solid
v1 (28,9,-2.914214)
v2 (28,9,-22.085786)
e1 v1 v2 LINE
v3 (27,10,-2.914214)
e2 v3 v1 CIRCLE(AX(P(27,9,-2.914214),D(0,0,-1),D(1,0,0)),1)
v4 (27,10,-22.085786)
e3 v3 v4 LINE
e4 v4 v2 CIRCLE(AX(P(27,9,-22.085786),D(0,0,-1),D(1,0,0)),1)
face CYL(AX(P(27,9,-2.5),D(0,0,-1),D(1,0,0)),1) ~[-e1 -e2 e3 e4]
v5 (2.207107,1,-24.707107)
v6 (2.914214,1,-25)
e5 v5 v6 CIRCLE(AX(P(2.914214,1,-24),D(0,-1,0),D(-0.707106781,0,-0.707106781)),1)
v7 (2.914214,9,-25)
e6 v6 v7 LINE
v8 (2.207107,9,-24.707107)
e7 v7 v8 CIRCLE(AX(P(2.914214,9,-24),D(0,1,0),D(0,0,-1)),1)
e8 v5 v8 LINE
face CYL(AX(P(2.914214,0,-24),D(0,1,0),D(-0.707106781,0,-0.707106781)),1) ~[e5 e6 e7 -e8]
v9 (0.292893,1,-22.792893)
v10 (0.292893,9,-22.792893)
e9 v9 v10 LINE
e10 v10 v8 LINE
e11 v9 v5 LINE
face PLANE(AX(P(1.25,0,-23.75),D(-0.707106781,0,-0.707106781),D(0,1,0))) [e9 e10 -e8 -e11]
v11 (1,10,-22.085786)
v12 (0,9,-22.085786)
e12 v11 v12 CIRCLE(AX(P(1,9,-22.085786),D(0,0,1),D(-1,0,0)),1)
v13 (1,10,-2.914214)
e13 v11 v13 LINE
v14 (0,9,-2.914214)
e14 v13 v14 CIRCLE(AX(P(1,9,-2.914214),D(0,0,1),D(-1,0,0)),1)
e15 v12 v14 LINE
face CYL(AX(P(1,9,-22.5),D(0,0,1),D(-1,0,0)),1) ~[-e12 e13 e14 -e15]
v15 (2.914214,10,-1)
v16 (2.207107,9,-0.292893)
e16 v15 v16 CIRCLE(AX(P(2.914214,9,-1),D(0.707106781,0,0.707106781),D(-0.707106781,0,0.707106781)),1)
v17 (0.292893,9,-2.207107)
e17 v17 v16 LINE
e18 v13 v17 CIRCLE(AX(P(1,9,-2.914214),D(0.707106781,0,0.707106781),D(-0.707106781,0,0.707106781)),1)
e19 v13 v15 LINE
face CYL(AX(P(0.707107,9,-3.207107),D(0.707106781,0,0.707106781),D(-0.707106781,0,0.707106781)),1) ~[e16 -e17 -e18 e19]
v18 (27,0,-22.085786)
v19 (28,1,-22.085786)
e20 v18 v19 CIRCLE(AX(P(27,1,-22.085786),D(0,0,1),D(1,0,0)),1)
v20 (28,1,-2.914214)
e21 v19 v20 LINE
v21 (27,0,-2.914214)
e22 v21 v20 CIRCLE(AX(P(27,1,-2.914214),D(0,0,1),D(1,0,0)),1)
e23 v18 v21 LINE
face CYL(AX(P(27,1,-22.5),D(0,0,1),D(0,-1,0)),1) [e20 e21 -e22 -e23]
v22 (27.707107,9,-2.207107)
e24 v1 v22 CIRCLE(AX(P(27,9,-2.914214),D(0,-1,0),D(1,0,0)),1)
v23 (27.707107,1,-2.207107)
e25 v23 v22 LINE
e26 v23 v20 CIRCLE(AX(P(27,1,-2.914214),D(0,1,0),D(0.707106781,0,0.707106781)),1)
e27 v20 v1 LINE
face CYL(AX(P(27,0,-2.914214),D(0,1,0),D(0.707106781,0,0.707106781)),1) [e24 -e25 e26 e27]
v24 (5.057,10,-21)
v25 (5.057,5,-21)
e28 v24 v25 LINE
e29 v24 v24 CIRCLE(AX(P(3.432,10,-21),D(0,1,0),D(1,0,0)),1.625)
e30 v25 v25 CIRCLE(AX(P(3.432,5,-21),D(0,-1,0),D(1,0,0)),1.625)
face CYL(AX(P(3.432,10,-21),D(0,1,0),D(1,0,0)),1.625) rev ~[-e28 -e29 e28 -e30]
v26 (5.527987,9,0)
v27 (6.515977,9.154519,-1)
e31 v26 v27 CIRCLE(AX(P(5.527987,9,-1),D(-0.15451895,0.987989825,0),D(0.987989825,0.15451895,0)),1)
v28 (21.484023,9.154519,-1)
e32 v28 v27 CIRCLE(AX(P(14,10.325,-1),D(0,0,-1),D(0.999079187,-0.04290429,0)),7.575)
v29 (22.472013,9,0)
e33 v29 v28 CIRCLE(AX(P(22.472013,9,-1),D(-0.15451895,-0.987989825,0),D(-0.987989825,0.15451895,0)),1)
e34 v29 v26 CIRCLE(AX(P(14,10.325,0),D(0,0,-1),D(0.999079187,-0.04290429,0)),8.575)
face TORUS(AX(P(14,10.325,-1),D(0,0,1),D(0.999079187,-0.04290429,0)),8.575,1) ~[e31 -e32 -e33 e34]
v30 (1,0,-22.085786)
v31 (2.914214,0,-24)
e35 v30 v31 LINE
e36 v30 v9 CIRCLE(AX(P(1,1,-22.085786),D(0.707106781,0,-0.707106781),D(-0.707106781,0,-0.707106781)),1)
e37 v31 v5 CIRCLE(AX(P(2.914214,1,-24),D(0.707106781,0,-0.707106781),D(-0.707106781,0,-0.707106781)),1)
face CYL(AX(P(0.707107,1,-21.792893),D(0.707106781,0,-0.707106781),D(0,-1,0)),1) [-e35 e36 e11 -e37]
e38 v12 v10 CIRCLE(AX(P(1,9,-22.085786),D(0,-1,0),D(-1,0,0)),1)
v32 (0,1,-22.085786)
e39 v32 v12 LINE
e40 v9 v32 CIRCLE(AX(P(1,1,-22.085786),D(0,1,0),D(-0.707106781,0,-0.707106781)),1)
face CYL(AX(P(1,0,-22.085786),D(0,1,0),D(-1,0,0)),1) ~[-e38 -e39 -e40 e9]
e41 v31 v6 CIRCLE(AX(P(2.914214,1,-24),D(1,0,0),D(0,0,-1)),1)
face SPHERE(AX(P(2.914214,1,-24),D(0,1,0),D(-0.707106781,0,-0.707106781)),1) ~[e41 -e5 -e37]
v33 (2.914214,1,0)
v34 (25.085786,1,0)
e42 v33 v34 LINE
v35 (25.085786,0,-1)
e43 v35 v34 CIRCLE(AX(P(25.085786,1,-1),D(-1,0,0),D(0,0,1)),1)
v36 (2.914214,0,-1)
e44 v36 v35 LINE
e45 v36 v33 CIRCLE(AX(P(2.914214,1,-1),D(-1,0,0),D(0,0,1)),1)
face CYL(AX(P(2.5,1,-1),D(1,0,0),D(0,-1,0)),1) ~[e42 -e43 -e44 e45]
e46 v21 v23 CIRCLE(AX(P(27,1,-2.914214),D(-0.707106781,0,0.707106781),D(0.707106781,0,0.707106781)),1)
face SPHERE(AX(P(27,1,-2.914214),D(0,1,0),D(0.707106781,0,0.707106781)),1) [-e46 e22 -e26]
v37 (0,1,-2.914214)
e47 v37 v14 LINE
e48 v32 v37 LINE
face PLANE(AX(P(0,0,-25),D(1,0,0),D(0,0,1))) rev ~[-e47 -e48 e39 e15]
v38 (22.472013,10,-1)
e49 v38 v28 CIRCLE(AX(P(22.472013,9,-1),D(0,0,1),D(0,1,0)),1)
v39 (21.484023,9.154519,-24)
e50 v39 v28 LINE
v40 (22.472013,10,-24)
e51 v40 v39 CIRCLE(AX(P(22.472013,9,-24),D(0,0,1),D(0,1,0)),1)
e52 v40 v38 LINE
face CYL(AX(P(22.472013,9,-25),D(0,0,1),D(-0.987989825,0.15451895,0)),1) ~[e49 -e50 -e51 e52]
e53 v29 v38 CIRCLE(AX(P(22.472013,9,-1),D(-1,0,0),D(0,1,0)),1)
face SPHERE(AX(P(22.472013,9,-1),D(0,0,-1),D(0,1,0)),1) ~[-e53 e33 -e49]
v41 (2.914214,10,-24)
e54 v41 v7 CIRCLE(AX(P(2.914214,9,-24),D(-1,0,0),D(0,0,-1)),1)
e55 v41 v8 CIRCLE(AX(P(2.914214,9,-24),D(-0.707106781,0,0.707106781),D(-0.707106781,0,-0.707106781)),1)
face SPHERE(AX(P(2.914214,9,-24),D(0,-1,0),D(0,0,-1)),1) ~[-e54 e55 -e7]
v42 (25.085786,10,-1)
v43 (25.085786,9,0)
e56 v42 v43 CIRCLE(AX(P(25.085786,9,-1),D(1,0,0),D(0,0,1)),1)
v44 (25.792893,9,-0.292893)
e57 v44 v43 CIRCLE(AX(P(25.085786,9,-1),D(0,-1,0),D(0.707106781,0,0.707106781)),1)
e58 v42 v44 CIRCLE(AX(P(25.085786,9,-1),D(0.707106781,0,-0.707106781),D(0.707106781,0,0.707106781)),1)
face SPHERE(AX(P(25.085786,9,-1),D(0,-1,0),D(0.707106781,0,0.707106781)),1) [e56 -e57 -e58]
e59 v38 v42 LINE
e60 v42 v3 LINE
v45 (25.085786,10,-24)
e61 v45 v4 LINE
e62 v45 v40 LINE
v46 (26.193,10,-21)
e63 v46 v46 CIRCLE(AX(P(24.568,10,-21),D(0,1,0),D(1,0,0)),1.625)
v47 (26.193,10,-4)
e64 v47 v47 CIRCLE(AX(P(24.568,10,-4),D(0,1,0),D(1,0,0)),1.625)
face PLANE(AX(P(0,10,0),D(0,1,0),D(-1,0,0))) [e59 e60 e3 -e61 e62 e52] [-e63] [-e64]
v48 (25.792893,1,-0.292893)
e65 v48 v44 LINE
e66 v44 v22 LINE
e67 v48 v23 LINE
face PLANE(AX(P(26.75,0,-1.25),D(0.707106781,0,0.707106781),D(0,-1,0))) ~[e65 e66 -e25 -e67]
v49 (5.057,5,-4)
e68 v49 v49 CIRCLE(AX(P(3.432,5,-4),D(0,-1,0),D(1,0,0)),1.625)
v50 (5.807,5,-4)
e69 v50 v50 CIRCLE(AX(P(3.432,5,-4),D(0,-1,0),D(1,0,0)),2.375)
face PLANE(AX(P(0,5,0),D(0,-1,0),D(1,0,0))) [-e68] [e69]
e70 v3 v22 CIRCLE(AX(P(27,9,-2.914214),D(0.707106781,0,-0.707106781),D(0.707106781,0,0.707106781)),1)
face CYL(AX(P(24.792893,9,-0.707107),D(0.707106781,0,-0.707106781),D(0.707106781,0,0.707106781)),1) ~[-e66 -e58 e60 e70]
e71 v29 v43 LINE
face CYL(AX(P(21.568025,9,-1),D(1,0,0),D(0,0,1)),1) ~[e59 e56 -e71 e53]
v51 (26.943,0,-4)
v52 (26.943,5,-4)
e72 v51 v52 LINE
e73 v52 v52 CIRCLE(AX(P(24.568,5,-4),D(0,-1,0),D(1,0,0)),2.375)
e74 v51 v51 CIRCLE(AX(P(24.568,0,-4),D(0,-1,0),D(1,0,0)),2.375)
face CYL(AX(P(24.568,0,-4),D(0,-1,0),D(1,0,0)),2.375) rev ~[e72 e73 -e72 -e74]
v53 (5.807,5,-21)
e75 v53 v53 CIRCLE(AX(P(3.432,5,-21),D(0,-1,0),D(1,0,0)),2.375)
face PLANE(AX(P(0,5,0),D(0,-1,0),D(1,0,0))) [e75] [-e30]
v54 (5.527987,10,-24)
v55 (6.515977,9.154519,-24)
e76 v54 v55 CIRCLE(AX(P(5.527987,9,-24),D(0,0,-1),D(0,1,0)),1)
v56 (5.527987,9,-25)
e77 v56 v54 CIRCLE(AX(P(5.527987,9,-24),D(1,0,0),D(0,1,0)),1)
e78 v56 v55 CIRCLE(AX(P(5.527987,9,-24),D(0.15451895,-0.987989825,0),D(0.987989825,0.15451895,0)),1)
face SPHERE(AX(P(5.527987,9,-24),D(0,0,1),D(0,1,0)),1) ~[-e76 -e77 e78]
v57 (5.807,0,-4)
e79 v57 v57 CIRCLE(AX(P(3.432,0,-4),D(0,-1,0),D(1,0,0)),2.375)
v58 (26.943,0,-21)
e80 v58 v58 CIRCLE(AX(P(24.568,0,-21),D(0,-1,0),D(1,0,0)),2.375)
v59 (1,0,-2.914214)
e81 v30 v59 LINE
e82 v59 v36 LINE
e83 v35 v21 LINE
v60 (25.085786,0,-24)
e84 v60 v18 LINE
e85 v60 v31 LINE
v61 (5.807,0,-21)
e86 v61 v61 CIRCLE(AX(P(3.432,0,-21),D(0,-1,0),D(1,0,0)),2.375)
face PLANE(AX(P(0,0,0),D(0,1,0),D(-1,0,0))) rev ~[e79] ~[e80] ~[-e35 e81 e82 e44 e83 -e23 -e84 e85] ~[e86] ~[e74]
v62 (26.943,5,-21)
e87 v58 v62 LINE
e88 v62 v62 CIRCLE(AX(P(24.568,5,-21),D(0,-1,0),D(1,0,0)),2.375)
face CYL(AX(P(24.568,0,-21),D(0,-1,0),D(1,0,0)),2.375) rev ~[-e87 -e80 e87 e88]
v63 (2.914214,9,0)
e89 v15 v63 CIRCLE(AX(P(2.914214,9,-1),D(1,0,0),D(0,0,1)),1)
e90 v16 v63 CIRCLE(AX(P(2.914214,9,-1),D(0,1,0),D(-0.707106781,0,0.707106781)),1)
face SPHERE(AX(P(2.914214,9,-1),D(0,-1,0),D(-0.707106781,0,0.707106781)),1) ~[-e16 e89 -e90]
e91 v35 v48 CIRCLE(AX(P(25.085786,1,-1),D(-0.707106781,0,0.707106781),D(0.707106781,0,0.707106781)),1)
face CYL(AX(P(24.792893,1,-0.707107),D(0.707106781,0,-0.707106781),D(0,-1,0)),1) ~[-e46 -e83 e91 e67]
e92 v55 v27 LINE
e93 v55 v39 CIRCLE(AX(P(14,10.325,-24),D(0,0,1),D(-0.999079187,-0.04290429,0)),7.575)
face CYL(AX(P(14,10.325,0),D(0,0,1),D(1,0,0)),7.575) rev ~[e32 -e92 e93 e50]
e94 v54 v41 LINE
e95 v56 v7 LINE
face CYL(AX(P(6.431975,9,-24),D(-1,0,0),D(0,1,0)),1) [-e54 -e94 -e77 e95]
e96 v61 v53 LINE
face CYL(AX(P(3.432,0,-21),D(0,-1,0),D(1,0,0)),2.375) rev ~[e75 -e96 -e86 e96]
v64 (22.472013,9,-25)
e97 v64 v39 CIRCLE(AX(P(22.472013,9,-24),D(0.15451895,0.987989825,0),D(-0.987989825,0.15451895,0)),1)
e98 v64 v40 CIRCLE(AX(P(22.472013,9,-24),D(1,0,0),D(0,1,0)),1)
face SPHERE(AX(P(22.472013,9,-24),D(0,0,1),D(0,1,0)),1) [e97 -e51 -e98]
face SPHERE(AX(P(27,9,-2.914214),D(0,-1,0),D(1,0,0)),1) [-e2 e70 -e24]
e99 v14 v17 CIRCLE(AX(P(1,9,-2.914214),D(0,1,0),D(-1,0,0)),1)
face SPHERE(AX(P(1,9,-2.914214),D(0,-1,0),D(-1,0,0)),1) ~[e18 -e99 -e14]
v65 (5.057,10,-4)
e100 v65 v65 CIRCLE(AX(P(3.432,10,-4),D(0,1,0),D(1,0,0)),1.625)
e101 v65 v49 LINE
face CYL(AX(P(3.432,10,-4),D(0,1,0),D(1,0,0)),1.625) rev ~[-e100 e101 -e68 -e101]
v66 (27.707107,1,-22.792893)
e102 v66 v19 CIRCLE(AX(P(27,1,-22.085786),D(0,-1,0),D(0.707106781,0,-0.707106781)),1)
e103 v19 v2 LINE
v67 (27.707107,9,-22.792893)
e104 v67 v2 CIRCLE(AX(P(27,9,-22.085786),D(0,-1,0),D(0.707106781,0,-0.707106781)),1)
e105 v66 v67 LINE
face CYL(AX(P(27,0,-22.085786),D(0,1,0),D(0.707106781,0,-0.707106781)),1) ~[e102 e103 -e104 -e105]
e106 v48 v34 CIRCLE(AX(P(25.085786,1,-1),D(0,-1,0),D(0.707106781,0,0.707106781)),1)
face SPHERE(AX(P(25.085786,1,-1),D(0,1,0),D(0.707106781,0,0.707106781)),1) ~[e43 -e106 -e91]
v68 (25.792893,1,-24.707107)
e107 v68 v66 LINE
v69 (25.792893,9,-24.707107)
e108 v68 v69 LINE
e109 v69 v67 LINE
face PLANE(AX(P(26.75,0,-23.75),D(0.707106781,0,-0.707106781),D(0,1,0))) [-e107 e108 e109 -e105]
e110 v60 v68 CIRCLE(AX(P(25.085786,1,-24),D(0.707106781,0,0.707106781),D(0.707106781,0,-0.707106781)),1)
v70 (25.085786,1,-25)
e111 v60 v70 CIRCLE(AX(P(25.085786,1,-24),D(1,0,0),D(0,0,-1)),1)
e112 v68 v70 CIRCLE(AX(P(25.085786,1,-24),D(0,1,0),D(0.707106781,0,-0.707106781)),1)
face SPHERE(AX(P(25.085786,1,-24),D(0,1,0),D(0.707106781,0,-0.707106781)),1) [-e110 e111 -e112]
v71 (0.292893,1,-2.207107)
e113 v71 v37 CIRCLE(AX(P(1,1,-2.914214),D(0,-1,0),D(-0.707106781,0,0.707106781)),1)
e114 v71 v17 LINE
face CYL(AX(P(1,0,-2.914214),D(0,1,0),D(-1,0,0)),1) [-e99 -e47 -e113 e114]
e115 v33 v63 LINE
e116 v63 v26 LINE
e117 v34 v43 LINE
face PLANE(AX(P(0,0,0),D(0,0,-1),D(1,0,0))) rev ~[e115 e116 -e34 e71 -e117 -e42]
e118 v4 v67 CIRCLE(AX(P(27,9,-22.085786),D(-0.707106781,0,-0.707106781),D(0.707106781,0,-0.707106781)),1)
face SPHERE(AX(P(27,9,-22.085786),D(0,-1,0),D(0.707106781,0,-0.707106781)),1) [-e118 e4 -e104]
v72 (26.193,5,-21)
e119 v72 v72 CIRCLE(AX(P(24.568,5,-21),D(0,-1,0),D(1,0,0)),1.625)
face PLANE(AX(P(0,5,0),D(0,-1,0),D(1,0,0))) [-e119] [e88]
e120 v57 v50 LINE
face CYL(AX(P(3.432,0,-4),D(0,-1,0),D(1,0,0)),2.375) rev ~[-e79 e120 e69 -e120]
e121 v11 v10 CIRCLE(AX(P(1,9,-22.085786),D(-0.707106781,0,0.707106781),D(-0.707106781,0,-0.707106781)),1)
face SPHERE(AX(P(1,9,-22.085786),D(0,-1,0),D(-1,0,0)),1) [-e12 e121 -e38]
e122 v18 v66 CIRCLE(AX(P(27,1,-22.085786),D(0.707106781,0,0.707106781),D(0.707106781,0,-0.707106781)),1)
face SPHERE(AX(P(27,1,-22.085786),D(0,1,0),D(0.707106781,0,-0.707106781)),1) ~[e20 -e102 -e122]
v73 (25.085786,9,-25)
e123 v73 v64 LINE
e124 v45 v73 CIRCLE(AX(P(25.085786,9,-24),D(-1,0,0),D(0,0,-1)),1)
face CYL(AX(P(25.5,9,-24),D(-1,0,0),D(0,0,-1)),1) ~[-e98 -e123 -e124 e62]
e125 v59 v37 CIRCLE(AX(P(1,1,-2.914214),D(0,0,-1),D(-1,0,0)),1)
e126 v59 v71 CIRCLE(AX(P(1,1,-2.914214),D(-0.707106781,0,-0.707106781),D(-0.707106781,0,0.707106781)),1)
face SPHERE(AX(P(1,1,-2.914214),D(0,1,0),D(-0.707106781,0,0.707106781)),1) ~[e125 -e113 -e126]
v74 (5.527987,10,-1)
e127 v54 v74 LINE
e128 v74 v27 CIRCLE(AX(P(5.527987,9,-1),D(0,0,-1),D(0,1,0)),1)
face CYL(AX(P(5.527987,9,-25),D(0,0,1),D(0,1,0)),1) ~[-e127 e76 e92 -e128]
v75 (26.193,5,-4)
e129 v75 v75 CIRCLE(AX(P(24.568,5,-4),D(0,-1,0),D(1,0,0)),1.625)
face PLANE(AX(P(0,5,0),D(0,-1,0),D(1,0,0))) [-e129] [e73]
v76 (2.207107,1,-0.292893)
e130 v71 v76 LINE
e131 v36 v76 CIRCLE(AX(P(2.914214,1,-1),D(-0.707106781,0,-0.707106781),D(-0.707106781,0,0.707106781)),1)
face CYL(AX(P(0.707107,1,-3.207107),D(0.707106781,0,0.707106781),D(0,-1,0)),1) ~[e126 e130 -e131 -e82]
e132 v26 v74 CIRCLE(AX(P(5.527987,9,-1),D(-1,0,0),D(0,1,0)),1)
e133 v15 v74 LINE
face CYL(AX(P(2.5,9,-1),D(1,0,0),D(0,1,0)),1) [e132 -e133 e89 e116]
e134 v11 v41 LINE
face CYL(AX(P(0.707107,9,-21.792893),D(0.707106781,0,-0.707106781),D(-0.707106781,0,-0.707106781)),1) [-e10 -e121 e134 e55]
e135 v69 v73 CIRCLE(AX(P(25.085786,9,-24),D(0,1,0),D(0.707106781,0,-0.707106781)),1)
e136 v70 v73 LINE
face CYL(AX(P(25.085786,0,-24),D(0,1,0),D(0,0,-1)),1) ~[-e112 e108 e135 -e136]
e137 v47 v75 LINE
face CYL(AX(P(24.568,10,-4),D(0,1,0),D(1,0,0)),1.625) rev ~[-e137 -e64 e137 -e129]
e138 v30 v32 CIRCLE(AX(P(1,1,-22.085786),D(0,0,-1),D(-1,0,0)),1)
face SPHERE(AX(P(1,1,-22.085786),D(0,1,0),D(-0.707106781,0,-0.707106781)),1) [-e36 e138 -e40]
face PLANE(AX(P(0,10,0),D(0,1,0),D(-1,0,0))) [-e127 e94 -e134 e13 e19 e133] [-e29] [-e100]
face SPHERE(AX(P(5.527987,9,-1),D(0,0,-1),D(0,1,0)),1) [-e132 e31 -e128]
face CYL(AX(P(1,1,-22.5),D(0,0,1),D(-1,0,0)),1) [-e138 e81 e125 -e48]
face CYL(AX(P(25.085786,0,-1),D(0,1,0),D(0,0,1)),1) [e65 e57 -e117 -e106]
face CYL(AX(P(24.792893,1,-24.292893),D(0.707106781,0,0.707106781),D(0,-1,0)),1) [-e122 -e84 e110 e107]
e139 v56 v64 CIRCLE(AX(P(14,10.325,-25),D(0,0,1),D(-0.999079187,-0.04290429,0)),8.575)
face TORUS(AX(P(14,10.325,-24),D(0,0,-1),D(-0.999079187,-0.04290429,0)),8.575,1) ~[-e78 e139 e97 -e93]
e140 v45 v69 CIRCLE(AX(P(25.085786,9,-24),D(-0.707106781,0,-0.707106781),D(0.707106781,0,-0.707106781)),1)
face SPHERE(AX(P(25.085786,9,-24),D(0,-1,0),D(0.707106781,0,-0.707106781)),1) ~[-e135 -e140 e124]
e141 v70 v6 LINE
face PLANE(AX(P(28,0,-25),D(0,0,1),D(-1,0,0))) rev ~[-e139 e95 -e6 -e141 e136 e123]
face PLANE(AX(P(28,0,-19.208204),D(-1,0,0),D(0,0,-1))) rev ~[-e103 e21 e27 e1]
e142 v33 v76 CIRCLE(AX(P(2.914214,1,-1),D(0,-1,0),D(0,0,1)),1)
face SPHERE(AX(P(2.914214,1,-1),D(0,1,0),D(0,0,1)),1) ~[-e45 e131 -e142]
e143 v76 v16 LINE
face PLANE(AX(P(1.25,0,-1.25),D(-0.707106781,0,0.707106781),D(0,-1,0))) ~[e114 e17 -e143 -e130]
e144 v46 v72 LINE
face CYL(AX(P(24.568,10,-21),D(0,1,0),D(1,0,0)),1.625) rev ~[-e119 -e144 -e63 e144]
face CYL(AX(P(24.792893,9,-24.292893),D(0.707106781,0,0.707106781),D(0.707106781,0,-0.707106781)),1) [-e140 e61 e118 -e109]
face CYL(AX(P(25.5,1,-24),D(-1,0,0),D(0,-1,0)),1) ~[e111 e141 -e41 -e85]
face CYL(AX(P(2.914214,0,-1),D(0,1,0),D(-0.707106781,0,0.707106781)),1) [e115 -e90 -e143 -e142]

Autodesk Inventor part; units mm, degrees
ref_plane "YZ Plane" through (0, 0, 0) normal (1, 0, 0) x (0, 1, 0)
ref_plane "XZ Plane" through (0, 0, 0) normal (0, 1, 0) x (-1, 0, 0)
ref_plane "XY Plane" through (0, 0, 0) normal (0, 0, 1) x (1, 0, 0)
sketch "Sketch1" plane through (0, 0, 0) normal (0, 1, 0) x (-1, 0, 0)
  line L0 (0, 0) -> (-28, 0)
  line L1 (-28, 0) -> (-28, -25)
  line L2 (-28, -25) -> (0, -25)
  line L3 (0, -25) -> (0, 0)
  line L4 (-24.8835, -25) -> (-24.8835, 0) construction
  line L5 (0, -1.9376) -> (-28, -1.9376) construction
  line L6 (-2.7003, -25) -> (-2.7003, 0) construction
  line L7 (0, -22.688) -> (-28, -22.688) construction
  line L8 (-34, -12.5) -> (0, -12.5) construction
  circle A0 centre (-34, -12.5) radius 6
  circle A1 centre (-34, -12.5) radius 9
  dimension "d0" = 28
  dimension "d1" = 25
  dimension "d31" = 12
  dimension "d32" = 12.5
  dimension "d33" = 18
extrude "Extrusion1" add sketch "Sketch1" along normal blind 10 contours L3 L2 L1 A1 L0 | A1 L1 picked at (-27.5773, -8.4946)
sketch "Sketch2" plane through (0, 0, 0) normal (0, 0, 1) x (1, 0, 0)
  line L0 (0, 0) -> (28, 0) projected
  line L1 (28, 0) -> (28, 10) projected
  line L2 (0, 10) -> (28, 10) projected
  line L3 (0, 0) -> (0, 10) projected
  line L4 (0, 0) -> (0, 10) construction
  line L5 (0, 2.75) -> (28, 2.75) construction
  line L6 (28, 0) -> (28, 10) construction
  circle A0 centre (14, 10.325) radius 7.575
  line L7 (0, 10) -> (28, 10) construction
  line L8 (14, 10) -> (14, 2.75) construction
  dimension "d4" = 7.25
  dimension "d5" = 15.15
extrude "Extrusion2" cut sketch "Sketch2" against normal through all contours A0 L2 | L2 A0
sketch "Sketch3" plane through (0, 10, 0) normal (0, 1, 0) x (1, 0, 0)
  line L0 (6.432, 0) -> (6.432, 25) projected
  line L1 (6.432, 25) -> (0, 25) projected
  line L2 (0, 25) -> (0, 0) projected
  line L3 (0, 0) -> (6.432, 0) projected
  line L4 (21.568, 25) -> (21.568, 0) projected
  line L5 (21.568, 0) -> (28, 0) projected
  line L6 (28, 0) -> (28, 25) projected
  line L7 (28, 25) -> (21.568, 25) projected
  line L8 (0, 21) -> (28, 21) construction
  line L9 (28, 0) -> (28, 25) construction
  line L10 (6.432, 25) -> (0, 25) construction
  line L11 (3.432, 25) -> (3.432, 0) construction
  line L12 (0, 0) -> (28, 0) construction
  line L13 (28, 25) -> (0, 25) construction
  line L14 (24.568, 25) -> (24.568, 0) construction
  line L15 (0, 25) -> (0, 0) construction
  line L16 (0, 4) -> (28, 4) construction
  circle A0 centre (3.432, 21) radius 1.625
  circle A1 centre (24.568, 21) radius 1.625
  circle A2 centre (3.432, 4) radius 1.625
  circle A3 centre (24.568, 4) radius 1.625
  dimension "d8" = 4
  dimension "d9" = 4
  dimension "d10" = 3
  dimension "d11" = 3
  dimension "d12" = 3.25
  dimension "d13" = 3.25
  dimension "d14" = 3.25
  dimension "d15" = 3.25
extrude "Extrusion3" cut sketch "Sketch3" against normal through all contours A0 | A1 | A2 | A3
chamfer "Chamfer1" distance 2.5 angle 45 4 edges at (0, 5, 0) (28, 5, 0) (28, 5, -25) (0, 5, -25)
fillet "Fillet1" radius 1 30 edges at (14, 0, -25) (2.5, 5, -25) (0, 5, -22.5) (1.25, 0, -23.75) (14, 2.75, -25) (14, 2.75, 0) (6.432, 10, -12.5) (21.568, 10, -12.5) (0, 10, -12.5) (1.25, 10, -1.25) (4.466, 10, 0) (4.466, 10, -25) (1.25, 10, -23.75) (23.534, 10, -25) (25.5, 5, -25) (28, 5, -22.5) (26.75, 0, -23.75) (26.75, 10, -23.75) (28, 10, -12.5) (26.75, 10, -1.25) (23.534, 10, 0) (28, 0, -12.5) (28, 5, -2.5) (26.75, 0, -1.25) (14, 0, 0) (1.25, 0, -1.25) (0, 0, -12.5) (25.5, 5, 0) (2.5, 5, 0) (0, 5, -2.5)
sketch "Sketch5" plane through (0, 0, 0) normal (0, -1, 0) x (1, 0, 0)
  circle A0 centre (3.432, -4) radius 1.625 projected
  circle A1 centre (3.432, -4) radius 2.375
  circle A2 centre (3.432, -21) radius 1.625 projected
  circle A3 centre (24.568, -21) radius 1.625 projected
  circle A4 centre (24.568, -4) radius 1.625 projected
  circle A5 centre (3.432, -21) radius 2.375
  circle A6 centre (24.568, -21) radius 2.375
  circle A7 centre (24.568, -4) radius 2.375
  point P0 (0, 0)
  dimension "d22" = 4.75
  dimension "d23" = 4.75
  dimension "d24" = 4.75
  dimension "d25" = 4.75
extrude "Extrusion4" cut sketch "Sketch5" against normal blind 5
equation "\"d9\" = d8"
equation "\"d11\" = d10"
equation "\"d13\" = d12"
equation "\"d14\" = d12"
equation "\"d15\" = d12"
properties part number "hotend_holder_pulley" material "ABS Plastic"
